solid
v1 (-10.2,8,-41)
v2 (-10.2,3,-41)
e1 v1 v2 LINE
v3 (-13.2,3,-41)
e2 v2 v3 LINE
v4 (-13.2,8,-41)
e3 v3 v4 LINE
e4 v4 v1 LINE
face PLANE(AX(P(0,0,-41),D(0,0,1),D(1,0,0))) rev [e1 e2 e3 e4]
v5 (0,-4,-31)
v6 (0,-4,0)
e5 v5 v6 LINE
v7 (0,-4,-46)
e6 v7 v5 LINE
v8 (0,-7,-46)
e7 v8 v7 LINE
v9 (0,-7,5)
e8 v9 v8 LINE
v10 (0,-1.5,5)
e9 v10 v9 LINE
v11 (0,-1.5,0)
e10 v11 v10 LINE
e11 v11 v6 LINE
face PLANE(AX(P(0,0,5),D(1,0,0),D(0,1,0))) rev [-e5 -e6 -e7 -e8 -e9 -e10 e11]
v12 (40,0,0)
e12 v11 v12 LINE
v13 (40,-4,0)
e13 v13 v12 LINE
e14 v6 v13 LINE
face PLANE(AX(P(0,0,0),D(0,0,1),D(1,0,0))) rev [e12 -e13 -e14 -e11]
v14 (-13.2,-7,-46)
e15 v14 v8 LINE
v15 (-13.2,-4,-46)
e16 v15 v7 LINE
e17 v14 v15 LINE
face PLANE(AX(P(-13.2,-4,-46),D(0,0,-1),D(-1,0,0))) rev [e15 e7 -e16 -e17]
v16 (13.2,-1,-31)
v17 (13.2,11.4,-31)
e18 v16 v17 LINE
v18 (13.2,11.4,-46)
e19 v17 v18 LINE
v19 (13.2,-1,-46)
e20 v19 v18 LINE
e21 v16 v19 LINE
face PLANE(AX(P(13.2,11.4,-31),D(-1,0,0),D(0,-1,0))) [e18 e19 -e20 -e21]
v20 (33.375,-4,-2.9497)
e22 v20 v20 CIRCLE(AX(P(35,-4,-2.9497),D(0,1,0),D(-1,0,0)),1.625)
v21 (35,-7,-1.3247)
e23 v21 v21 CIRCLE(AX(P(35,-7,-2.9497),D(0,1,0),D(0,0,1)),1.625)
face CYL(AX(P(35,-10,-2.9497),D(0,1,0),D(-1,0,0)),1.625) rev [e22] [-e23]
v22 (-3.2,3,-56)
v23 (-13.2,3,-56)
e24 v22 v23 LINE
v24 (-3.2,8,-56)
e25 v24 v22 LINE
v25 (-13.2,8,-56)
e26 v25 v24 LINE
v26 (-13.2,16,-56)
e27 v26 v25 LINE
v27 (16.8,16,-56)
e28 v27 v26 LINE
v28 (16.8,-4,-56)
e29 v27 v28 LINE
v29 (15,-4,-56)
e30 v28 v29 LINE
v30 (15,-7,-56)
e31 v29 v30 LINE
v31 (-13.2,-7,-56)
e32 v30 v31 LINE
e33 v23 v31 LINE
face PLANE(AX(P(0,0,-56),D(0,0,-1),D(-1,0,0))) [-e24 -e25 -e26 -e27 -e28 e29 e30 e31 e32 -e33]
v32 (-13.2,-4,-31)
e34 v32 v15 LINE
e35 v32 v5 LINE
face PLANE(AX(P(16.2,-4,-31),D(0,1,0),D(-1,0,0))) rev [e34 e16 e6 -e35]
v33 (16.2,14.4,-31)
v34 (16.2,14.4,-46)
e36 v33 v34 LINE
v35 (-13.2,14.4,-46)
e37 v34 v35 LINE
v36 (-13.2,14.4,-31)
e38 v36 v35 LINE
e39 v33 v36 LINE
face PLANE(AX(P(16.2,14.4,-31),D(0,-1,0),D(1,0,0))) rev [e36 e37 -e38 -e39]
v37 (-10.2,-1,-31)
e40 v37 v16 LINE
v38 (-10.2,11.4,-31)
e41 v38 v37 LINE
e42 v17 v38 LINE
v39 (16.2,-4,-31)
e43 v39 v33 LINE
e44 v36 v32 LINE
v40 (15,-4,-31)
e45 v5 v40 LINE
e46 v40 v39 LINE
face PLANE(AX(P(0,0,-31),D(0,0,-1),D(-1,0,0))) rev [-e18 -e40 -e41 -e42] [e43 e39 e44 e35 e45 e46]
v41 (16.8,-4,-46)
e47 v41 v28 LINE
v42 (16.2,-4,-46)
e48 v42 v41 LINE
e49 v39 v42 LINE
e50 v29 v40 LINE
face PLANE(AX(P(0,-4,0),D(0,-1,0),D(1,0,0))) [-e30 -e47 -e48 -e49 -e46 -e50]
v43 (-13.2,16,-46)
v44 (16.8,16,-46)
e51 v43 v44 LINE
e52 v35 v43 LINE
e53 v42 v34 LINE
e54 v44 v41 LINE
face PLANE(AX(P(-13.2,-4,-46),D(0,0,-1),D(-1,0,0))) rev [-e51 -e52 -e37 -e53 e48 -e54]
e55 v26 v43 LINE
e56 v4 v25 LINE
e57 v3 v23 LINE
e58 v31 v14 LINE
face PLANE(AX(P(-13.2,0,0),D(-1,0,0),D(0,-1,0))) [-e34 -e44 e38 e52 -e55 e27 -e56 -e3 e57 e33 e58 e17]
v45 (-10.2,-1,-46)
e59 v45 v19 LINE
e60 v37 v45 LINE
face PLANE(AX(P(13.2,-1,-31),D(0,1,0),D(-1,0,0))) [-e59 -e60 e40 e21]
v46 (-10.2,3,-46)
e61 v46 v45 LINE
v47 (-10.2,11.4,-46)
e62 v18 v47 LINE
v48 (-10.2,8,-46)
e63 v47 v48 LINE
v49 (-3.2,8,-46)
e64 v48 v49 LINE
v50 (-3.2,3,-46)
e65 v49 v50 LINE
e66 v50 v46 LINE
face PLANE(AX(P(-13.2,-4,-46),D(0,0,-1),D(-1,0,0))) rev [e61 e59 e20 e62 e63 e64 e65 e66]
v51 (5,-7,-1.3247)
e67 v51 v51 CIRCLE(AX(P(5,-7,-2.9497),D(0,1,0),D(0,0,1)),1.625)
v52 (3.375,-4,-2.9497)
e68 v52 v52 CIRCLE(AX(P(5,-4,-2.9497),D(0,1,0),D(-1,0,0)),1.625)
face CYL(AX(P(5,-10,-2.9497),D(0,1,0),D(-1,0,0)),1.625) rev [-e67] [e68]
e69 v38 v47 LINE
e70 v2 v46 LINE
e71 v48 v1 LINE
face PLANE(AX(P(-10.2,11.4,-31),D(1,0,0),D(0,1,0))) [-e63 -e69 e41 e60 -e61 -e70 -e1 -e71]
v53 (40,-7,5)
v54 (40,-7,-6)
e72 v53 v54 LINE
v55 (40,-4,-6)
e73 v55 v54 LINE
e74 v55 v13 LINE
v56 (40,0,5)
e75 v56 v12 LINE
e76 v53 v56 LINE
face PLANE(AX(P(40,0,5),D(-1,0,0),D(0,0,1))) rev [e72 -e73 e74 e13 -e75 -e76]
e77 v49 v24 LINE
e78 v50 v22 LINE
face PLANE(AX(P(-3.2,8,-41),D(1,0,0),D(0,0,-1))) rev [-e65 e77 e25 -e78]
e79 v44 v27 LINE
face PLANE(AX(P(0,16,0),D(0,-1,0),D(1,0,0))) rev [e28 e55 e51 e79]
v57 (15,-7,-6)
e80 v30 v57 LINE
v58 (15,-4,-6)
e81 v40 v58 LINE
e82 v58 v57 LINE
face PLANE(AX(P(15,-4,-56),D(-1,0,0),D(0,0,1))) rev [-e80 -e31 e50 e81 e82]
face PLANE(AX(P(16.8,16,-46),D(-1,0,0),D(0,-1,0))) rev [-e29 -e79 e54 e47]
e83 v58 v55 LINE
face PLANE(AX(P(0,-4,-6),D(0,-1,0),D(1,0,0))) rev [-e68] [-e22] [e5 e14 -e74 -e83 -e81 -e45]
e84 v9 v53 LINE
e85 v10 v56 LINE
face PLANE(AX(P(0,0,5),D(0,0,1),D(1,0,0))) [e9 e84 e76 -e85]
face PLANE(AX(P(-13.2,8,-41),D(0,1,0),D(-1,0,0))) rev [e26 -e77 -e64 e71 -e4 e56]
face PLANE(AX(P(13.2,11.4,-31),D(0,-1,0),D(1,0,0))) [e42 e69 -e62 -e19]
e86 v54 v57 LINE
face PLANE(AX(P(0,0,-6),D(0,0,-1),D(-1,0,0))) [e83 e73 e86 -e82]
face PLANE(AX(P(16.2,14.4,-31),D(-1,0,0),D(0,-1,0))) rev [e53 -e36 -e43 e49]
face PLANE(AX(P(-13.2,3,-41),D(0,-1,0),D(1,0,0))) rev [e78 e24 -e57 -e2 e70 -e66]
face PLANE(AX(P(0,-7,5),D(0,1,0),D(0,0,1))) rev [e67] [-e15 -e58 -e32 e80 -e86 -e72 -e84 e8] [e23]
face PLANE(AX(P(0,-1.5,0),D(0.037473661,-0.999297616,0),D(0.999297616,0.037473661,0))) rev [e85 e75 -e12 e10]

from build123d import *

# Parameters (mm, degrees)
ESQUISSE1_W             = 40
ESQUISSE1_H             = 7
BOSS_EXTRU_1_DEPTH      = 5
ENL_V_MAT_EXTRU_2_DEPTH = 6
ESQUISSE4_W             = 40
ESQUISSE4_H             = 3
BOSS_EXTRU_2_DEPTH      = 6
ESQUISSE5_R             = 1.625
ENL_V_MAT_EXTRU_3_DEPTH = 6
ESQUISSE6_W             = 15
ESQUISSE6_H             = 3
BOSS_EXTRU_3_DEPTH      = 50
ESQUISSE7_W             = 10
ESQUISSE7_H             = 3
BOSS_EXTRU_4_DEPTH      = 13.2
ESQUISSE8_W             = 30
ESQUISSE8_H             = 10
BOSS_EXTRU_5_DEPTH      = 20
ESQUISSE9_W             = 29.4
ESQUISSE9_H             = 18.4
ESQUISSE9_W_2           = 23.4
ESQUISSE9_H_2           = 12.4
BOSS_EXTRU_6_DEPTH      = 15
ESQUISSE11_W            = 10
ESQUISSE11_H            = 5
ENL_V_MAT_EXTRU_5_DEPTH = 15


with BuildPart() as part:
    # Esquisse1 → Boss.-Extru.1 (new body)
    with BuildSketch(Plane.XY):
        with Locations((20, -3.5)):
            Rectangle(ESQUISSE1_W, ESQUISSE1_H)
    extrude(amount=BOSS_EXTRU_1_DEPTH)

    # Esquisse3 → Enlèv. mat.-Extru.2 (cut, through all)
    with BuildSketch(Plane.XY.offset(5)):
        Polygon((40, 0), (0, 0), (0, -1.5), align=None)
    extrude(amount=-ENL_V_MAT_EXTRU_2_DEPTH, mode=Mode.SUBTRACT)

    # Esquisse4 → Boss.-Extru.2 (add)
    with BuildSketch(Plane(origin=(0, 0, 0), x_dir=(-1, 0, 0), z_dir=(0, 0, -1))):
        with Locations((-20, -5.5)):
            Rectangle(ESQUISSE4_W, ESQUISSE4_H)
    extrude(amount=BOSS_EXTRU_2_DEPTH)

    # Esquisse5 → Enlèv. mat.-Extru.3 (cut)
    with BuildSketch(Plane(origin=(0, -4, 0), x_dir=(1, 0, 0), z_dir=(0, 1, 0))):
        with Locations((35, 2.949699752)):
            Circle(ESQUISSE5_R)
        with Locations((5, 2.949699752)):
            Circle(ESQUISSE5_R)
    extrude(amount=-ENL_V_MAT_EXTRU_3_DEPTH, mode=Mode.SUBTRACT)

    # Esquisse6 → Boss.-Extru.3 (add)
    with BuildSketch(Plane(origin=(0, 0, -6), x_dir=(-1, 0, 0), z_dir=(0, 0, -1))):
        with Locations((-7.5, -5.5)):
            Rectangle(ESQUISSE6_W, ESQUISSE6_H)
    extrude(amount=BOSS_EXTRU_3_DEPTH)

    # Esquisse7 → Boss.-Extru.4 (add)
    with BuildSketch(Plane.ZY):
        with Locations((-51, -5.5)):
            Rectangle(ESQUISSE7_W, ESQUISSE7_H)
    extrude(amount=BOSS_EXTRU_4_DEPTH)

    # Esquisse8 → Boss.-Extru.5 (add)
    with BuildSketch(Plane(origin=(0, -4, 0), x_dir=(1, 0, 0), z_dir=(0, 1, 0))):
        with Locations((1.8, 51)):
            Rectangle(ESQUISSE8_W, ESQUISSE8_H)
    extrude(amount=BOSS_EXTRU_5_DEPTH)

    # Esquisse9 → Boss.-Extru.6 (add)
    with BuildSketch(Plane.XY.offset(-46)):
        with Locations((1.5, 5.2)):
            Rectangle(ESQUISSE9_W, ESQUISSE9_H)
        with Locations((1.5, 5.2)):
            Rectangle(ESQUISSE9_W_2, ESQUISSE9_H_2, mode=Mode.SUBTRACT)
    extrude(amount=BOSS_EXTRU_6_DEPTH)

    # Esquisse11 → Enlèv. mat.-Extru.5 (cut)
    with BuildSketch(Plane(origin=(0, 0, -56), x_dir=(-1, 0, 0), z_dir=(0, 0, -1))):
        with Locations((8.2, 5.5)):
            Rectangle(ESQUISSE11_W, ESQUISSE11_H)
    extrude(amount=-ENL_V_MAT_EXTRU_5_DEPTH, mode=Mode.SUBTRACT)


solid = part.part
